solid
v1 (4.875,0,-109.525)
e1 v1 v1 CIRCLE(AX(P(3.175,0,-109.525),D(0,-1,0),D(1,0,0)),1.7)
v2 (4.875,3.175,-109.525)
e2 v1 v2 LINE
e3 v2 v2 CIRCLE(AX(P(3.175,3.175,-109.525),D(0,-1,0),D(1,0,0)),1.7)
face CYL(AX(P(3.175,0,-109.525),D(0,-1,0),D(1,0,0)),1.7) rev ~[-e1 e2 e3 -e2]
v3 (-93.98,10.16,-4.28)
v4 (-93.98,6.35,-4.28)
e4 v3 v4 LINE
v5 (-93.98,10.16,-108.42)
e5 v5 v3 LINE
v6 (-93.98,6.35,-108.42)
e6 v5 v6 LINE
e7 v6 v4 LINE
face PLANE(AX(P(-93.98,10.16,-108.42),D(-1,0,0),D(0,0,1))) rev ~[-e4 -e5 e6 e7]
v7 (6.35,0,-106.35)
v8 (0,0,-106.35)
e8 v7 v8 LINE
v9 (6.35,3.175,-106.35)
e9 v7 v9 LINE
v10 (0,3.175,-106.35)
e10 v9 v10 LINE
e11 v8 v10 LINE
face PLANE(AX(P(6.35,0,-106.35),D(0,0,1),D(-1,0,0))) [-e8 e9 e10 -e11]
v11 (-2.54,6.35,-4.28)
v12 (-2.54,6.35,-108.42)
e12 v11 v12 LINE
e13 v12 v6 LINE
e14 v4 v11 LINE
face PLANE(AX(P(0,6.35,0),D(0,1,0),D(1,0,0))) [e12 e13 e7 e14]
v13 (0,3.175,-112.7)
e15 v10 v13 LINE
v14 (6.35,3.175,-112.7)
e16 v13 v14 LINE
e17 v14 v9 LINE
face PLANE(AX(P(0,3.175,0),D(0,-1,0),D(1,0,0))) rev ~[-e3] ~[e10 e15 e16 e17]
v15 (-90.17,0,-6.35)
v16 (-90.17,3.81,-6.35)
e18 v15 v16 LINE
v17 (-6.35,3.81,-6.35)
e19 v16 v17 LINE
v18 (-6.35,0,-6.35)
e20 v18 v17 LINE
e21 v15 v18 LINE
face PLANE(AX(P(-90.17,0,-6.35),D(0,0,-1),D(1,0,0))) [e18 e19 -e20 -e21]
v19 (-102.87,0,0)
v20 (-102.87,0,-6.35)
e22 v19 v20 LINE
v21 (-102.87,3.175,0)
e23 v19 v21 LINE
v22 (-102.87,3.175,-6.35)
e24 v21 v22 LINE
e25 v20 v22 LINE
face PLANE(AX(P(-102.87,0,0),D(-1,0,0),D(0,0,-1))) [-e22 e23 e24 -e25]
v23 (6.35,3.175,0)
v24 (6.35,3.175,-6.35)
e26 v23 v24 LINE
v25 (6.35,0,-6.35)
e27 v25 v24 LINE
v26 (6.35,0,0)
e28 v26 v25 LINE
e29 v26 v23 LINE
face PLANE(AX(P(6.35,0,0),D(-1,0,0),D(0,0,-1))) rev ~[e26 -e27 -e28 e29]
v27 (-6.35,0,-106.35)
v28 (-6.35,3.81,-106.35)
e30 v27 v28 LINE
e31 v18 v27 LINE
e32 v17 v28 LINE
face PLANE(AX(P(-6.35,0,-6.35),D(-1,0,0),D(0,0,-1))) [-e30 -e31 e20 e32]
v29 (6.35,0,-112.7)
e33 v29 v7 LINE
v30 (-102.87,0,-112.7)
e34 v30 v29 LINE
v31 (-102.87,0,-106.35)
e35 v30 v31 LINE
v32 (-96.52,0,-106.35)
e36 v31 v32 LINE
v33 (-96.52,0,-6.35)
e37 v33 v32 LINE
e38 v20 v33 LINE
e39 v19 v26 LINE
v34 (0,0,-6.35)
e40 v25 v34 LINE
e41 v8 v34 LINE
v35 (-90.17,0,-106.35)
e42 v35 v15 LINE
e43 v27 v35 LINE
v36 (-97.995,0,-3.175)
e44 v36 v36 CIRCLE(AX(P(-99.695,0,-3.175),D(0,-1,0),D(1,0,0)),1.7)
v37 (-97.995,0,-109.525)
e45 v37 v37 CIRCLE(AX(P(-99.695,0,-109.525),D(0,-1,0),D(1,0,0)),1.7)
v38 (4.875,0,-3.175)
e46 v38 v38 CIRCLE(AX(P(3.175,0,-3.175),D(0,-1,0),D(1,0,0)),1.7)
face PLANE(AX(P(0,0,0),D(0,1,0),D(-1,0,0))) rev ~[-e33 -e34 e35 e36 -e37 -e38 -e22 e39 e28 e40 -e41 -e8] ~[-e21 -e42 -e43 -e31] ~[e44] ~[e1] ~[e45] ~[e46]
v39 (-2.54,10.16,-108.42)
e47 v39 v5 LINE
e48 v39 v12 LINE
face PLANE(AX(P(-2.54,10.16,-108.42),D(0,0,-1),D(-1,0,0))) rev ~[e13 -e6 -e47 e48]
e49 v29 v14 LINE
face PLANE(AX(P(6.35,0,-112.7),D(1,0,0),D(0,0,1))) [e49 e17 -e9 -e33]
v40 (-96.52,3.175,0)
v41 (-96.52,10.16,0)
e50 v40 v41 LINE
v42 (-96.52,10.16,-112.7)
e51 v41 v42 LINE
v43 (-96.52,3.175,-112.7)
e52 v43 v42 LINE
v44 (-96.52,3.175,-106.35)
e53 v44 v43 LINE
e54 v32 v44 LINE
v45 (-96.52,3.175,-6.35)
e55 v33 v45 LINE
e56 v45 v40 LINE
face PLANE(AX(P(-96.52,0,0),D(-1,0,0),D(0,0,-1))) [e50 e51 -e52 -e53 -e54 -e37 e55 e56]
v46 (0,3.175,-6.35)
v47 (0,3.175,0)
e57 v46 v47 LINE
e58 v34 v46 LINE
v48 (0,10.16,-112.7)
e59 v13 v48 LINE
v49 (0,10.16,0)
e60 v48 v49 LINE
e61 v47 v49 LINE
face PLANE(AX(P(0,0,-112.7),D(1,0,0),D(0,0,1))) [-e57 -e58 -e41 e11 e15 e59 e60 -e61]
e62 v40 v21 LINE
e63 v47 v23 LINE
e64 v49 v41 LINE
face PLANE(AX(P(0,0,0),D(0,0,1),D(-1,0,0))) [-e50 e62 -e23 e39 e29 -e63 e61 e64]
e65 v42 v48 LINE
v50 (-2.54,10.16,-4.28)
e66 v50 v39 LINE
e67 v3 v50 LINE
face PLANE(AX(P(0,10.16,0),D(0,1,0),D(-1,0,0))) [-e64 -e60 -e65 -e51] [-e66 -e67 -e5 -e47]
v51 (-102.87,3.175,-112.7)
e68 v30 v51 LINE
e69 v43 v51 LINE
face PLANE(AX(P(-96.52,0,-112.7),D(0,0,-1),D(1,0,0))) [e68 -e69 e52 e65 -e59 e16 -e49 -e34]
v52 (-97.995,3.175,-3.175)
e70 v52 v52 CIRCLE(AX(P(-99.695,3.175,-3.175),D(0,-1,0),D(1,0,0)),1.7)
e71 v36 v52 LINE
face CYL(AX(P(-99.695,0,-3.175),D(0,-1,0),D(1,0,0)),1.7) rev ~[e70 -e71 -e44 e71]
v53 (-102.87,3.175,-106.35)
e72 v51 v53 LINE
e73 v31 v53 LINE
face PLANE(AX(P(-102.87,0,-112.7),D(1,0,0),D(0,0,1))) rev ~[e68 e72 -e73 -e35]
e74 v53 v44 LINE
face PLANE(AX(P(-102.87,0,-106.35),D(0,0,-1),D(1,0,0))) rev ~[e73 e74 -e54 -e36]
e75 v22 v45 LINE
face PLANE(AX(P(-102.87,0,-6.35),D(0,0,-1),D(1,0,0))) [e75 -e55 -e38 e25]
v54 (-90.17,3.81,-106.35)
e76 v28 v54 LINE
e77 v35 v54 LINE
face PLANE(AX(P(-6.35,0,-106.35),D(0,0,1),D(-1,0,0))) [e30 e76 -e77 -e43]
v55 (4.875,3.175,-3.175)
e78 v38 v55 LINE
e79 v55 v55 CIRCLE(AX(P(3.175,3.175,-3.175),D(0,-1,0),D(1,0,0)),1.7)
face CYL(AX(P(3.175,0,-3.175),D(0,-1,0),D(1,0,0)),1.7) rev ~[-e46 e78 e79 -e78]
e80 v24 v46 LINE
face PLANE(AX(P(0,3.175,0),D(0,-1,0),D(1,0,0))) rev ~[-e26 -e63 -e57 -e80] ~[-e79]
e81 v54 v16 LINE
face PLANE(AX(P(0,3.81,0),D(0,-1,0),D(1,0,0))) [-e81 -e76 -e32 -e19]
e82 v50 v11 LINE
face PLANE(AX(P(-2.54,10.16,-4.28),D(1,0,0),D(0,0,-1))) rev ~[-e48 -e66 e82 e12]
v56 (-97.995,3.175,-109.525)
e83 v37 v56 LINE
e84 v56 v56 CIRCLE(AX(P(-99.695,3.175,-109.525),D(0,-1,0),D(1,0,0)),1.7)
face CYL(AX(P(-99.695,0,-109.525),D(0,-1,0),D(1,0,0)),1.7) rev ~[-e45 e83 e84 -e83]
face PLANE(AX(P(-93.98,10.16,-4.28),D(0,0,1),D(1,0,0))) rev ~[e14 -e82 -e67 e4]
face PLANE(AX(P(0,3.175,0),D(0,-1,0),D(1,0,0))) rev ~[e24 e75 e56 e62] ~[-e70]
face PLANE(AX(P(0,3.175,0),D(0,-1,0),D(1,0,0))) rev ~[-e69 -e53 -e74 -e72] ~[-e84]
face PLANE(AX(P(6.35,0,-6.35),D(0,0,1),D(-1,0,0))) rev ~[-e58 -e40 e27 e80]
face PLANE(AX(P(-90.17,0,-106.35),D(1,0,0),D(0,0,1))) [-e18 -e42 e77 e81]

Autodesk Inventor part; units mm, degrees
ref_plane "YZ Plane" through (0, 0, 0) normal (1, 0, 0) x (0, 1, 0)
ref_plane "XZ Plane" through (0, 0, 0) normal (0, 1, 0) x (-1, 0, 0)
ref_plane "XY Plane" through (0, 0, 0) normal (0, 0, 1) x (1, 0, 0)
sketch "Sketch1" plane through (0, 0, 0) normal (0, 1, 0) x (-1, 0, 0)
  line L0 (0, 0) -> (96.52, 0)
  line L1 (96.52, 0) -> (96.52, -112.7)
  line L2 (96.52, -112.7) -> (0, -112.7)
  line L3 (0, -112.7) -> (0, 0)
  dimension "d0" = 96.52
  dimension "d1" = 112.7
extrude "Extrusion1" add sketch "Sketch1" along normal blind 10.16
sketch "Sketch2" plane through (0, 10.16, 0) normal (0, 1, 0) x (1, 0, 0)
  line L0 (-96.52, 112.7) -> (-96.52, 0) construction
  line L1 (0, 0) -> (0, 112.7) construction
  line L2 (-96.52, 0) -> (0, 112.7) construction
  line L3 (0, 112.7) -> (-96.52, 112.7) construction
  line L4 (-96.52, 112.7) -> (0, 0) construction
  line L5 (-93.98, 4.28) -> (-2.54, 4.28)
  line L6 (-2.54, 4.28) -> (-2.54, 108.42)
  line L7 (-2.54, 108.42) -> (-93.98, 108.42)
  line L8 (-93.98, 108.42) -> (-93.98, 4.28)
  line L9 (-93.98, 4.28) -> (-2.54, 108.42) construction
  line L10 (-2.54, 4.28) -> (-93.98, 108.42) construction
  point P0 (-48.26, 56.35)
  dimension "d4" = 91.44
  dimension "d5" = 104.14
extrude "Jetson Cavity" cut sketch "Sketch2" against normal blind 3.81
sketch "Sketch3" plane through (0, 0, 0) normal (0, -1, 0) x (1, 0, 0)
  line L0 (0, 0) -> (6.35, 0)
  line L1 (6.35, 0) -> (6.35, -6.35)
  line L2 (6.35, -6.35) -> (0, -6.35)
  line L3 (0, -6.35) -> (0, 0)
  circle A0 centre (3.175, -3.175) radius 1.7
  line L4 (6.35, -6.35) -> (0, 0) construction
  line L5 (6.35, 0) -> (0, -6.35) construction
  line L6 (0, 0) -> (0, -112.7) construction
  line L7 (0, -56.35) -> (-96.52, -56.35) construction
  line L8 (-96.52, -112.7) -> (-96.52, 0) construction
  line L9 (0, -112.7) -> (-96.52, -112.7) construction
  line L10 (-48.26, -112.7) -> (-48.26, 0) construction
  line L11 (-96.52, 0) -> (0, 0) construction
  line L12 (0, -112.7) -> (6.35, -112.7)
  line L13 (6.35, -112.7) -> (6.35, -106.35)
  line L14 (6.35, -106.35) -> (0, -106.35)
  line L15 (0, -106.35) -> (0, -112.7)
  circle A1 centre (3.175, -109.525) radius 1.7
  line L16 (6.35, -106.35) -> (0, -112.7) construction
  line L17 (6.35, -112.7) -> (0, -106.35) construction
  line L18 (-96.52, 0) -> (-102.87, 0)
  line L19 (-102.87, 0) -> (-102.87, -6.35)
  line L20 (-102.87, -6.35) -> (-96.52, -6.35)
  line L21 (-96.52, -6.35) -> (-96.52, 0)
  circle A2 centre (-99.695, -3.175) radius 1.7
  line L22 (-102.87, -6.35) -> (-96.52, 0) construction
  line L23 (-102.87, 0) -> (-96.52, -6.35) construction
  line L24 (-96.52, 0) -> (-96.52, -112.7) construction
  line L25 (-96.52, -112.7) -> (-102.87, -112.7)
  line L26 (-102.87, -112.7) -> (-102.87, -106.35)
  line L27 (-102.87, -106.35) -> (-96.52, -106.35)
  line L28 (-96.52, -106.35) -> (-96.52, -112.7)
  circle A3 centre (-99.695, -109.525) radius 1.7
  line L29 (-102.87, -106.35) -> (-96.52, -112.7) construction
  line L30 (-102.87, -112.7) -> (-96.52, -106.35) construction
  dimension "d8" = 6.35
  dimension "d9" = 6.35
  dimension "d10" = 3.4
extrude "Screws" add sketch "Sketch3" against normal blind 3.175
sketch "Sketch4" plane through (0, 0, 0) normal (0, -1, 0) x (1, 0, 0)
  line L0 (-96.52, -112.7) -> (-96.52, 0) construction
  line L1 (0, 0) -> (-96.52, -112.7) construction
  line L2 (0, -112.7) -> (-96.52, -112.7) construction
  line L3 (-96.52, 0) -> (0, 0) construction
  line L4 (0, -112.7) -> (-96.52, 0) construction
  line L5 (-9.3482, -7.0195) -> (-87.1718, -105.6805) construction
  line L6 (-87.1718, -7.0195) -> (-9.3482, -105.6805) construction
  line L7 (-96.52, 0) -> (0, 0) construction
  line L8 (0, 0) -> (0, -112.7) construction
  line L9 (0, -112.7) -> (-96.52, -112.7) construction
  line L10 (-96.52, -112.7) -> (-96.52, 0) construction
  line L11 (-6.35, -106.35) -> (-90.17, -106.35)
  line L12 (-90.17, -106.35) -> (-90.17, -6.35)
  line L13 (-90.17, -6.35) -> (-6.35, -6.35)
  line L14 (-6.35, -6.35) -> (-6.35, -106.35)
  line L15 (-6.35, -106.35) -> (-90.17, -6.35) construction
  line L16 (-90.17, -106.35) -> (-6.35, -6.35) construction
  point P0 (-48.26, -56.35)
  point P1 (-48.26, -106.35)
  point P2 (0, -56.35)
  dimension "d14" = 6.35
  dimension "d15" = 6.35
extrude "IMU Space" cut sketch "Sketch4" against normal blind 3.81
equation "\"d10\" = m3_clearance"
equation "\"m3_heat_set_insert\" = 4"
equation "\"m3_clearance\" = 3.4"
equation "\"m3_heat_set_depth\" = 7"
equation "\"robot_diameter\" = 354"
equation "\"hardboard_thickness\" = 5"
properties part number "jetson_orin_nano_holder"
